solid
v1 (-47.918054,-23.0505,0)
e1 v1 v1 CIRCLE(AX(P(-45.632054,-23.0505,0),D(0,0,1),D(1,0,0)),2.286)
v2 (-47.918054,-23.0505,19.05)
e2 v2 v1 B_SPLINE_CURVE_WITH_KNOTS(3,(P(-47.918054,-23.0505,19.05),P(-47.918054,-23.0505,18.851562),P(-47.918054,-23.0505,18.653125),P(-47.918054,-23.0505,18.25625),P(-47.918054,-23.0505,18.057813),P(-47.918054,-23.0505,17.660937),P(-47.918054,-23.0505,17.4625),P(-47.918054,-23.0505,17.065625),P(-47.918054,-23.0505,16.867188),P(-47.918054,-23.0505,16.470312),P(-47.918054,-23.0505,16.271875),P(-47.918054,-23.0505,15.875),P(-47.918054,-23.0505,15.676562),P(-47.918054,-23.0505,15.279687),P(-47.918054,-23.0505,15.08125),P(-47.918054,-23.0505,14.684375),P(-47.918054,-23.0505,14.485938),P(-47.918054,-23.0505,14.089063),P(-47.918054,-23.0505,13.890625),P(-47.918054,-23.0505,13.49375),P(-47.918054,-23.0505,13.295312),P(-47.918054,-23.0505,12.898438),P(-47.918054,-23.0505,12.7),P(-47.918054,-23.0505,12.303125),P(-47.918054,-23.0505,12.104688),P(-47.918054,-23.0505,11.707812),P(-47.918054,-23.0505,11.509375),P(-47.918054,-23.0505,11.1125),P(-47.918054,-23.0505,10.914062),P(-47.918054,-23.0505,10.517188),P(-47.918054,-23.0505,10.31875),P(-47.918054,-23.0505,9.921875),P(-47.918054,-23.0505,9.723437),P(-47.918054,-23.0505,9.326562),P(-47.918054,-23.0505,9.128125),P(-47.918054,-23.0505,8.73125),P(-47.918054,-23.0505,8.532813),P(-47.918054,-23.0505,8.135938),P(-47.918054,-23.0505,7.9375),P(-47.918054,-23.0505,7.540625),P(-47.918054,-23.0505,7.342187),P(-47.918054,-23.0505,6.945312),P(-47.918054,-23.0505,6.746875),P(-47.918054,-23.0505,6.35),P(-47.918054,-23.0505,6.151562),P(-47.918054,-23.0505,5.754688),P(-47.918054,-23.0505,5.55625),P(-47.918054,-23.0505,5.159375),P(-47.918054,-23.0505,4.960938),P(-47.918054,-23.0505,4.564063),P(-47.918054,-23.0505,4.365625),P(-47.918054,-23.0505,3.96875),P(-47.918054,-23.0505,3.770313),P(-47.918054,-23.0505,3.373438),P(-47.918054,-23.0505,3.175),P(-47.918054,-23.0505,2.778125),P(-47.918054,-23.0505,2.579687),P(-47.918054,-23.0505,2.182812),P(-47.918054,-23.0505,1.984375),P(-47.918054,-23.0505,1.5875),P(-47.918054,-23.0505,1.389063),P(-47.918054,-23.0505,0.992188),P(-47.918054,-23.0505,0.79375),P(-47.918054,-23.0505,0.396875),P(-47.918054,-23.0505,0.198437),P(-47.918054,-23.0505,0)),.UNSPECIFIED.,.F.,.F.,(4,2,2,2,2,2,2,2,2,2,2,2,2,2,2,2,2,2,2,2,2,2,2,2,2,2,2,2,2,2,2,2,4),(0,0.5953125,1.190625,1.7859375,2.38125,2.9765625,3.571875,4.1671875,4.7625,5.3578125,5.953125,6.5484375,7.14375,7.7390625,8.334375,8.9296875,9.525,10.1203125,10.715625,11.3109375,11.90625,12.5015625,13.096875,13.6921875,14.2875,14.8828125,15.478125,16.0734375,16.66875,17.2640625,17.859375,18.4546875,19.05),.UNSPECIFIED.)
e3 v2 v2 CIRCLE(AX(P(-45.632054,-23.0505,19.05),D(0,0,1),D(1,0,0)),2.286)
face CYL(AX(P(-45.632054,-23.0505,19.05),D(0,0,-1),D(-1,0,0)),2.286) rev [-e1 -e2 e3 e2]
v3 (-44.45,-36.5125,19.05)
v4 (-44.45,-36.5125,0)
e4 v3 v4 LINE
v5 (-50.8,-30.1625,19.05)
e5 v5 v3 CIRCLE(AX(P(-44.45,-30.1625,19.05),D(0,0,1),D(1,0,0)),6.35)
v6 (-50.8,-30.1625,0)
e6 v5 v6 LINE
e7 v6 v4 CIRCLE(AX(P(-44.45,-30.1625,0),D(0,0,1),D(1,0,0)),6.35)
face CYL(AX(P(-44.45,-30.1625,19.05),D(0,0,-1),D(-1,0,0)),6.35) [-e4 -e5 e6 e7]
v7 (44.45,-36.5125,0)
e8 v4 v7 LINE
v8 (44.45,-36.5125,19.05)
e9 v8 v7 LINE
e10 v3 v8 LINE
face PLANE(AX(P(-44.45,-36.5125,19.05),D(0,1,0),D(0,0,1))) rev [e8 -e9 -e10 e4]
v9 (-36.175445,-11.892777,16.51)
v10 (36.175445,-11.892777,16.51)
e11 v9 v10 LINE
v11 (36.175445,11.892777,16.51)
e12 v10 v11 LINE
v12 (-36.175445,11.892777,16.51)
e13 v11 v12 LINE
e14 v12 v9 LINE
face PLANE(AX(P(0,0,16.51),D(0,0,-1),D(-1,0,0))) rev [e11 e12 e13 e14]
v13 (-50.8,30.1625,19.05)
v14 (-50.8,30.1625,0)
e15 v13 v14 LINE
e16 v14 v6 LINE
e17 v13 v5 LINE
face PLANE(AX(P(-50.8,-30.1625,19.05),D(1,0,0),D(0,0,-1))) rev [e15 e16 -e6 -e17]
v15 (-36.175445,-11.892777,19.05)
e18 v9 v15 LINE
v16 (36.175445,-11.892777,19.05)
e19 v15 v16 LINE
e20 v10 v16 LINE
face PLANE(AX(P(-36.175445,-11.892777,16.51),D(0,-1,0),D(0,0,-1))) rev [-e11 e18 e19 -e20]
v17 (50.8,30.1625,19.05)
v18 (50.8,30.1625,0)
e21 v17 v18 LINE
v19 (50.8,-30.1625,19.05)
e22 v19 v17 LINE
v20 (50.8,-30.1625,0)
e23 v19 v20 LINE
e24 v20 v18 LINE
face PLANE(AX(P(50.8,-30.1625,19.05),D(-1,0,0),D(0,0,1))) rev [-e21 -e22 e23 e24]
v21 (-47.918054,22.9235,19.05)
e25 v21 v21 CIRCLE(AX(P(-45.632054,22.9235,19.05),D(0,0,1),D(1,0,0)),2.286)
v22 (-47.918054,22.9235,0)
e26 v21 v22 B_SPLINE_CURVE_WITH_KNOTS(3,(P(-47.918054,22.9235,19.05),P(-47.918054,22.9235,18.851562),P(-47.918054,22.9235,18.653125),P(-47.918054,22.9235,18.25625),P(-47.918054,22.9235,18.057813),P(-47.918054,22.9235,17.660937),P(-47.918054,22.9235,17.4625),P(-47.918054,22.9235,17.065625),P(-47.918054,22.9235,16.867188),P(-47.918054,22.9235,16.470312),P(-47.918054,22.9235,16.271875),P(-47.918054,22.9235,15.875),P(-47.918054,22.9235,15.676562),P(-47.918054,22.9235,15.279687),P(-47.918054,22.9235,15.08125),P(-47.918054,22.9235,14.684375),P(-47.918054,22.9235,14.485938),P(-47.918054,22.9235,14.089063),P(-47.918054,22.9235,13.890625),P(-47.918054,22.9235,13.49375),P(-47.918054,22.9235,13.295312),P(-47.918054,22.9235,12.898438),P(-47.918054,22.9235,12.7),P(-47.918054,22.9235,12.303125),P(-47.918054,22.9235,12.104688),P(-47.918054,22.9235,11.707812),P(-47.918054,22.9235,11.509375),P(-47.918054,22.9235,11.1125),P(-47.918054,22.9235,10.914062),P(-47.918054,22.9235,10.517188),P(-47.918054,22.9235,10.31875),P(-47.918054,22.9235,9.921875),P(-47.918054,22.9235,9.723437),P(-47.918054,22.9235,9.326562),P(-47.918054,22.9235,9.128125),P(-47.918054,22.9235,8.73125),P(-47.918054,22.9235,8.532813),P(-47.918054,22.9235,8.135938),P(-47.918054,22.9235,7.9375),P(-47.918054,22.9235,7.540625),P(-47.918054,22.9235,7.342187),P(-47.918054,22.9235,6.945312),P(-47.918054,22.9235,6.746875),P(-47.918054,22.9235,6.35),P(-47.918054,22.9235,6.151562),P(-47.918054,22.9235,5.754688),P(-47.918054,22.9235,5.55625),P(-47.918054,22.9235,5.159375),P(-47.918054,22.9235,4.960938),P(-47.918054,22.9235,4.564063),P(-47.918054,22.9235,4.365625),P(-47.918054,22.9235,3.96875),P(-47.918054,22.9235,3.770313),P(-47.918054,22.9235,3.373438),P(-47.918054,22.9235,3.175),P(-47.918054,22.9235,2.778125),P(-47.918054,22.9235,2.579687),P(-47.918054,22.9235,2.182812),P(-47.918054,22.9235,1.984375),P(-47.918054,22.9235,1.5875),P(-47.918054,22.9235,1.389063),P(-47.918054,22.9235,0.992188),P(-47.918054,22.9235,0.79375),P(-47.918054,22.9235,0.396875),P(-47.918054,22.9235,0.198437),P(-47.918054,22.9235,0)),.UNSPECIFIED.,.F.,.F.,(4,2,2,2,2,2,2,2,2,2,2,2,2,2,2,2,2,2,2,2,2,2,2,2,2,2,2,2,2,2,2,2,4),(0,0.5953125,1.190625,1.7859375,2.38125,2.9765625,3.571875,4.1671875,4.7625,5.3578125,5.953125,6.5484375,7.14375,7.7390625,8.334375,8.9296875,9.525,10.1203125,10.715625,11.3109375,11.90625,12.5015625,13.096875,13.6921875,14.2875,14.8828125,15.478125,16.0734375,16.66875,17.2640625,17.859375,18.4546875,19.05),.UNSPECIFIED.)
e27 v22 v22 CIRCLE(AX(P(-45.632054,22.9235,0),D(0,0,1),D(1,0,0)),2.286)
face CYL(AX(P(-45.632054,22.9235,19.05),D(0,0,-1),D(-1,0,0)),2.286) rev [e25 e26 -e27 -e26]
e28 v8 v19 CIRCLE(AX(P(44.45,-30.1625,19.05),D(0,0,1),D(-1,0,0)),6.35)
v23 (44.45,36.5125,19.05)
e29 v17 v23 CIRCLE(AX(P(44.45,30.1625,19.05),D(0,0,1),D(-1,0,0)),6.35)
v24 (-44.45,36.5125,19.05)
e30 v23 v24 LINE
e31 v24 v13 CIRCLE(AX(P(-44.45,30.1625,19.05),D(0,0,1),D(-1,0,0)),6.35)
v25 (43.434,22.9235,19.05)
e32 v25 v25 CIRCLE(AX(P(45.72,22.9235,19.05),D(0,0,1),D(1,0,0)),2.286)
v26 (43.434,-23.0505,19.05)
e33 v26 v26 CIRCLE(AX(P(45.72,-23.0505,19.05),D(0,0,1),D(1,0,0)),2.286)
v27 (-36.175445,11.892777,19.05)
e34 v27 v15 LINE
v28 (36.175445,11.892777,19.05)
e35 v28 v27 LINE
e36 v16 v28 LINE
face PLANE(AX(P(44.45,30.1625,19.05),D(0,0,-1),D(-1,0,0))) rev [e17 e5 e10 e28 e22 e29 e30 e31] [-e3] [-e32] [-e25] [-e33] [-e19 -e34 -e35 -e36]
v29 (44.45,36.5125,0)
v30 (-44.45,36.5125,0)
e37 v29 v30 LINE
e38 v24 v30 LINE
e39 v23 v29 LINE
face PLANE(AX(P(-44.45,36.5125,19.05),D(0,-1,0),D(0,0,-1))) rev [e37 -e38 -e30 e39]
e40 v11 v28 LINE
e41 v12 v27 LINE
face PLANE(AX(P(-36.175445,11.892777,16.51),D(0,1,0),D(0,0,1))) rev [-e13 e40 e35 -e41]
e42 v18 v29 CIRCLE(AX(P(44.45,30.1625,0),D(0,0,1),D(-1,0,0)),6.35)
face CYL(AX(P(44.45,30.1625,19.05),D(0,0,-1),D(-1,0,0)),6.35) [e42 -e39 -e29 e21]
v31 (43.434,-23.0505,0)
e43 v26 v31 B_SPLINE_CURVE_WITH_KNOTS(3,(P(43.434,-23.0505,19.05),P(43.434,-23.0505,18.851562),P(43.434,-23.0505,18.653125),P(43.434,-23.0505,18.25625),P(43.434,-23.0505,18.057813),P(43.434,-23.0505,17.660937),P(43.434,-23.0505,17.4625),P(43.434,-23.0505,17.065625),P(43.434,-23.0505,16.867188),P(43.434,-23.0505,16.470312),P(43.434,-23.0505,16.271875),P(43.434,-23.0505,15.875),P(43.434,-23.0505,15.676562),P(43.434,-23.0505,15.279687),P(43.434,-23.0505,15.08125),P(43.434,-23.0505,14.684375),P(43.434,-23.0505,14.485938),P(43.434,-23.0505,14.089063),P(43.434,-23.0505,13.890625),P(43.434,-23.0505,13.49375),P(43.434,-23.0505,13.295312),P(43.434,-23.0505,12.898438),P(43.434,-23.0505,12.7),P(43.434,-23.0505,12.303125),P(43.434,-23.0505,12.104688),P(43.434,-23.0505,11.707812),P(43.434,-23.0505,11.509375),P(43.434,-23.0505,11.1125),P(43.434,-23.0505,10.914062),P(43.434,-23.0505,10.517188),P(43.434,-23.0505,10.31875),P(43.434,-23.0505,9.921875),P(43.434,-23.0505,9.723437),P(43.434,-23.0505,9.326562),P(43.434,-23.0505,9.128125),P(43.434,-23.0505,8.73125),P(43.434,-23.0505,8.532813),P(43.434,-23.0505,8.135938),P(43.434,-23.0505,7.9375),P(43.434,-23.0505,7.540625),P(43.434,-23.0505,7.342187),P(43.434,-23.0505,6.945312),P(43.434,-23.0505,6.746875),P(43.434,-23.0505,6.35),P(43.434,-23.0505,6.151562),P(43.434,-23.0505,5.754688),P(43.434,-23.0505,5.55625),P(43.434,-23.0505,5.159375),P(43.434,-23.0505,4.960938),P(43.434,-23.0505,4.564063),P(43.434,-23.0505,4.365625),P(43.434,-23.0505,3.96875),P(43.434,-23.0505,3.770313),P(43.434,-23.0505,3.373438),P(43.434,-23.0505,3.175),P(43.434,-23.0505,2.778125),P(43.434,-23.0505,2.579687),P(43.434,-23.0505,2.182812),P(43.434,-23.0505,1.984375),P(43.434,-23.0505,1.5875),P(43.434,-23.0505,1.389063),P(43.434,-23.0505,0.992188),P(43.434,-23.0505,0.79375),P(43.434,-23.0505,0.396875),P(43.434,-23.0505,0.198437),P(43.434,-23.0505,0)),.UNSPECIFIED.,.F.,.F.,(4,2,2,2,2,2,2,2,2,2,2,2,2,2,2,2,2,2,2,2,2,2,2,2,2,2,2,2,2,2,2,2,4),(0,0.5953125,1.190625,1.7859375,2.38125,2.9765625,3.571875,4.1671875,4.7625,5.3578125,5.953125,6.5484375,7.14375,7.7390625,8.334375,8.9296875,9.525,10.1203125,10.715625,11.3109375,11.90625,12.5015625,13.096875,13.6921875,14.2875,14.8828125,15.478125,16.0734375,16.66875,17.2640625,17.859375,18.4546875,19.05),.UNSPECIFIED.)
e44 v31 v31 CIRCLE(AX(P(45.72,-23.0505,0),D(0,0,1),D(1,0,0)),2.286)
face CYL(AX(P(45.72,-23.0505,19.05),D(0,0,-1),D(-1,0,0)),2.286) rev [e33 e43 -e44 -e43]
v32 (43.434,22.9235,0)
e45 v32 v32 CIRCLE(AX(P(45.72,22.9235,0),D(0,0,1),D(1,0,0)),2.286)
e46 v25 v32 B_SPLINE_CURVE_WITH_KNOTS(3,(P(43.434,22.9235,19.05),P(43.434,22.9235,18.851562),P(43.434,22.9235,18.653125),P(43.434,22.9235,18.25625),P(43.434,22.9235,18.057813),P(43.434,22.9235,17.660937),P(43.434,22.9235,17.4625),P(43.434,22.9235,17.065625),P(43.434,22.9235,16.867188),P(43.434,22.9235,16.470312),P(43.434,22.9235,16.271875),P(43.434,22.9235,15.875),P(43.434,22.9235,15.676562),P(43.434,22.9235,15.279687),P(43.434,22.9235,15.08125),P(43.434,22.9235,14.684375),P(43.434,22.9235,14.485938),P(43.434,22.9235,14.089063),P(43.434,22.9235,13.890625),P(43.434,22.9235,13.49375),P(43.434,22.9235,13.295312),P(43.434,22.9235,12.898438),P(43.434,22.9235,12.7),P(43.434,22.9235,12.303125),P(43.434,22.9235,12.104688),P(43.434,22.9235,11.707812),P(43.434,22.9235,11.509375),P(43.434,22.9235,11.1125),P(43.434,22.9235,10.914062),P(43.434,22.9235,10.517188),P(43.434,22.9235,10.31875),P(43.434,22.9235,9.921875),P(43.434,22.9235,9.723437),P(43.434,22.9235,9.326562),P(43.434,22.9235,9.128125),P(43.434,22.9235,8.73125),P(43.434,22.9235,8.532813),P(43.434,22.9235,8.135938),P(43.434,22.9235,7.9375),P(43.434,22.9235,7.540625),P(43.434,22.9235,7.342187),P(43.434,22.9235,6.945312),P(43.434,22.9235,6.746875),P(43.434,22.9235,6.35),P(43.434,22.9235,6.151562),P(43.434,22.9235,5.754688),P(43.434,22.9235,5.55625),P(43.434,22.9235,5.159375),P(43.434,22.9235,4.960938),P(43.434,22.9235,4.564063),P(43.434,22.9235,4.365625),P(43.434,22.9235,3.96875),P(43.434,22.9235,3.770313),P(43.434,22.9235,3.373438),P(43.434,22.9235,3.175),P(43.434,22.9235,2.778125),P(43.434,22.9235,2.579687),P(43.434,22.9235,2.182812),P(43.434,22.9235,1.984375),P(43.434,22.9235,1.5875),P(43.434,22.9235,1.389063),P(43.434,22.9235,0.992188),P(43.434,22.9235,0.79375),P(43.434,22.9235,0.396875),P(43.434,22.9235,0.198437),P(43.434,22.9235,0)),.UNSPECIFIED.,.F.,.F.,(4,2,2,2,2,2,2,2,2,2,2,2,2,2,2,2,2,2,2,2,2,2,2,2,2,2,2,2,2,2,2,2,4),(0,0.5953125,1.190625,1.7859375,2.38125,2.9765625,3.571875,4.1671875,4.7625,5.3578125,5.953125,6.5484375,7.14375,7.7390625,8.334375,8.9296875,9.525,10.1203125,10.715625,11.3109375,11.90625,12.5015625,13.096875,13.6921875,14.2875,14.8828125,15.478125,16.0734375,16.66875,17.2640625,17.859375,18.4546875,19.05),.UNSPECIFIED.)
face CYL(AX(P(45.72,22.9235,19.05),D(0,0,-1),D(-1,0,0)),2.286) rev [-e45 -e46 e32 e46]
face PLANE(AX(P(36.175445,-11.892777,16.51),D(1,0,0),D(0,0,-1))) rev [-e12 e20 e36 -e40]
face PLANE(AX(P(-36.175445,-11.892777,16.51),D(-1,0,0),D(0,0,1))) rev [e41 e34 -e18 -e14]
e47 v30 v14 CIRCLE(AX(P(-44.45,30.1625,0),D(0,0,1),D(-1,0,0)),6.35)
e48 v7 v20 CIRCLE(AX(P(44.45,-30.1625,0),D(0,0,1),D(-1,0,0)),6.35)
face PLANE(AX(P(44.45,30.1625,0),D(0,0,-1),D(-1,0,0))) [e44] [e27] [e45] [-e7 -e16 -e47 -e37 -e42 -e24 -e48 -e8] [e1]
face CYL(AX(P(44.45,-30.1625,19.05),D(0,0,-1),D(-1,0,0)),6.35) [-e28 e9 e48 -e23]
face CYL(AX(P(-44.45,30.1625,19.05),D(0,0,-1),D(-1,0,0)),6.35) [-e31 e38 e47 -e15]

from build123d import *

# Parameters (mm, degrees)
SKETCH1_R           = 2.286
BOSS_EXTRUDE1_DEPTH = 19.05
SKETCH2_W           = 72.350889222
SKETCH2_H           = 23.78555394
CUT_EXTRUDE1_DEPTH  = 2.54


with BuildPart() as part:
    # Sketch1 → Boss-Extrude1 (new body)
    with BuildSketch(Plane.XY):
        with BuildLine():
            Line((-44.45, -36.5125), (44.45, -36.5125))
            ThreePointArc((44.45, -36.5125), (48.940128061, -34.652628061), (50.8, -30.1625))
            Line((50.8, -30.1625), (50.8, 30.1625))
            ThreePointArc((50.8, 30.1625), (48.940128061, 34.652628061), (44.45, 36.5125))
            Line((44.45, 36.5125), (-44.45, 36.5125))
            ThreePointArc((-44.45, 36.5125), (-48.940128061, 34.652628061), (-50.8, 30.1625))
            Line((-50.8, 30.1625), (-50.8, -30.1625))
            ThreePointArc((-50.8, -30.1625), (-48.940128061, -34.652628061), (-44.45, -36.5125))
        make_face()
        with Locations(Location((-45.632054244, 22.9235, 0), (0, 0, 180))):
            Circle(SKETCH1_R, mode=Mode.SUBTRACT)
        with Locations(Location((45.72, 22.9235, 0), (0, 0, 180))):
            Circle(SKETCH1_R, mode=Mode.SUBTRACT)
        with Locations(Location((45.72, -23.0505, 0), (0, 0, 180))):
            Circle(SKETCH1_R, mode=Mode.SUBTRACT)
        with Locations(Location((-45.632054244, -23.0505, 0), (0, 0, 180))):
            Circle(SKETCH1_R, mode=Mode.SUBTRACT)
    extrude(amount=BOSS_EXTRUDE1_DEPTH)

    # Sketch2 → Cut-Extrude1 (cut)
    with BuildSketch(Plane.XY.offset(19.05)):
        Rectangle(SKETCH2_W, SKETCH2_H)
    extrude(amount=-CUT_EXTRUDE1_DEPTH, mode=Mode.SUBTRACT)


solid = part.part
